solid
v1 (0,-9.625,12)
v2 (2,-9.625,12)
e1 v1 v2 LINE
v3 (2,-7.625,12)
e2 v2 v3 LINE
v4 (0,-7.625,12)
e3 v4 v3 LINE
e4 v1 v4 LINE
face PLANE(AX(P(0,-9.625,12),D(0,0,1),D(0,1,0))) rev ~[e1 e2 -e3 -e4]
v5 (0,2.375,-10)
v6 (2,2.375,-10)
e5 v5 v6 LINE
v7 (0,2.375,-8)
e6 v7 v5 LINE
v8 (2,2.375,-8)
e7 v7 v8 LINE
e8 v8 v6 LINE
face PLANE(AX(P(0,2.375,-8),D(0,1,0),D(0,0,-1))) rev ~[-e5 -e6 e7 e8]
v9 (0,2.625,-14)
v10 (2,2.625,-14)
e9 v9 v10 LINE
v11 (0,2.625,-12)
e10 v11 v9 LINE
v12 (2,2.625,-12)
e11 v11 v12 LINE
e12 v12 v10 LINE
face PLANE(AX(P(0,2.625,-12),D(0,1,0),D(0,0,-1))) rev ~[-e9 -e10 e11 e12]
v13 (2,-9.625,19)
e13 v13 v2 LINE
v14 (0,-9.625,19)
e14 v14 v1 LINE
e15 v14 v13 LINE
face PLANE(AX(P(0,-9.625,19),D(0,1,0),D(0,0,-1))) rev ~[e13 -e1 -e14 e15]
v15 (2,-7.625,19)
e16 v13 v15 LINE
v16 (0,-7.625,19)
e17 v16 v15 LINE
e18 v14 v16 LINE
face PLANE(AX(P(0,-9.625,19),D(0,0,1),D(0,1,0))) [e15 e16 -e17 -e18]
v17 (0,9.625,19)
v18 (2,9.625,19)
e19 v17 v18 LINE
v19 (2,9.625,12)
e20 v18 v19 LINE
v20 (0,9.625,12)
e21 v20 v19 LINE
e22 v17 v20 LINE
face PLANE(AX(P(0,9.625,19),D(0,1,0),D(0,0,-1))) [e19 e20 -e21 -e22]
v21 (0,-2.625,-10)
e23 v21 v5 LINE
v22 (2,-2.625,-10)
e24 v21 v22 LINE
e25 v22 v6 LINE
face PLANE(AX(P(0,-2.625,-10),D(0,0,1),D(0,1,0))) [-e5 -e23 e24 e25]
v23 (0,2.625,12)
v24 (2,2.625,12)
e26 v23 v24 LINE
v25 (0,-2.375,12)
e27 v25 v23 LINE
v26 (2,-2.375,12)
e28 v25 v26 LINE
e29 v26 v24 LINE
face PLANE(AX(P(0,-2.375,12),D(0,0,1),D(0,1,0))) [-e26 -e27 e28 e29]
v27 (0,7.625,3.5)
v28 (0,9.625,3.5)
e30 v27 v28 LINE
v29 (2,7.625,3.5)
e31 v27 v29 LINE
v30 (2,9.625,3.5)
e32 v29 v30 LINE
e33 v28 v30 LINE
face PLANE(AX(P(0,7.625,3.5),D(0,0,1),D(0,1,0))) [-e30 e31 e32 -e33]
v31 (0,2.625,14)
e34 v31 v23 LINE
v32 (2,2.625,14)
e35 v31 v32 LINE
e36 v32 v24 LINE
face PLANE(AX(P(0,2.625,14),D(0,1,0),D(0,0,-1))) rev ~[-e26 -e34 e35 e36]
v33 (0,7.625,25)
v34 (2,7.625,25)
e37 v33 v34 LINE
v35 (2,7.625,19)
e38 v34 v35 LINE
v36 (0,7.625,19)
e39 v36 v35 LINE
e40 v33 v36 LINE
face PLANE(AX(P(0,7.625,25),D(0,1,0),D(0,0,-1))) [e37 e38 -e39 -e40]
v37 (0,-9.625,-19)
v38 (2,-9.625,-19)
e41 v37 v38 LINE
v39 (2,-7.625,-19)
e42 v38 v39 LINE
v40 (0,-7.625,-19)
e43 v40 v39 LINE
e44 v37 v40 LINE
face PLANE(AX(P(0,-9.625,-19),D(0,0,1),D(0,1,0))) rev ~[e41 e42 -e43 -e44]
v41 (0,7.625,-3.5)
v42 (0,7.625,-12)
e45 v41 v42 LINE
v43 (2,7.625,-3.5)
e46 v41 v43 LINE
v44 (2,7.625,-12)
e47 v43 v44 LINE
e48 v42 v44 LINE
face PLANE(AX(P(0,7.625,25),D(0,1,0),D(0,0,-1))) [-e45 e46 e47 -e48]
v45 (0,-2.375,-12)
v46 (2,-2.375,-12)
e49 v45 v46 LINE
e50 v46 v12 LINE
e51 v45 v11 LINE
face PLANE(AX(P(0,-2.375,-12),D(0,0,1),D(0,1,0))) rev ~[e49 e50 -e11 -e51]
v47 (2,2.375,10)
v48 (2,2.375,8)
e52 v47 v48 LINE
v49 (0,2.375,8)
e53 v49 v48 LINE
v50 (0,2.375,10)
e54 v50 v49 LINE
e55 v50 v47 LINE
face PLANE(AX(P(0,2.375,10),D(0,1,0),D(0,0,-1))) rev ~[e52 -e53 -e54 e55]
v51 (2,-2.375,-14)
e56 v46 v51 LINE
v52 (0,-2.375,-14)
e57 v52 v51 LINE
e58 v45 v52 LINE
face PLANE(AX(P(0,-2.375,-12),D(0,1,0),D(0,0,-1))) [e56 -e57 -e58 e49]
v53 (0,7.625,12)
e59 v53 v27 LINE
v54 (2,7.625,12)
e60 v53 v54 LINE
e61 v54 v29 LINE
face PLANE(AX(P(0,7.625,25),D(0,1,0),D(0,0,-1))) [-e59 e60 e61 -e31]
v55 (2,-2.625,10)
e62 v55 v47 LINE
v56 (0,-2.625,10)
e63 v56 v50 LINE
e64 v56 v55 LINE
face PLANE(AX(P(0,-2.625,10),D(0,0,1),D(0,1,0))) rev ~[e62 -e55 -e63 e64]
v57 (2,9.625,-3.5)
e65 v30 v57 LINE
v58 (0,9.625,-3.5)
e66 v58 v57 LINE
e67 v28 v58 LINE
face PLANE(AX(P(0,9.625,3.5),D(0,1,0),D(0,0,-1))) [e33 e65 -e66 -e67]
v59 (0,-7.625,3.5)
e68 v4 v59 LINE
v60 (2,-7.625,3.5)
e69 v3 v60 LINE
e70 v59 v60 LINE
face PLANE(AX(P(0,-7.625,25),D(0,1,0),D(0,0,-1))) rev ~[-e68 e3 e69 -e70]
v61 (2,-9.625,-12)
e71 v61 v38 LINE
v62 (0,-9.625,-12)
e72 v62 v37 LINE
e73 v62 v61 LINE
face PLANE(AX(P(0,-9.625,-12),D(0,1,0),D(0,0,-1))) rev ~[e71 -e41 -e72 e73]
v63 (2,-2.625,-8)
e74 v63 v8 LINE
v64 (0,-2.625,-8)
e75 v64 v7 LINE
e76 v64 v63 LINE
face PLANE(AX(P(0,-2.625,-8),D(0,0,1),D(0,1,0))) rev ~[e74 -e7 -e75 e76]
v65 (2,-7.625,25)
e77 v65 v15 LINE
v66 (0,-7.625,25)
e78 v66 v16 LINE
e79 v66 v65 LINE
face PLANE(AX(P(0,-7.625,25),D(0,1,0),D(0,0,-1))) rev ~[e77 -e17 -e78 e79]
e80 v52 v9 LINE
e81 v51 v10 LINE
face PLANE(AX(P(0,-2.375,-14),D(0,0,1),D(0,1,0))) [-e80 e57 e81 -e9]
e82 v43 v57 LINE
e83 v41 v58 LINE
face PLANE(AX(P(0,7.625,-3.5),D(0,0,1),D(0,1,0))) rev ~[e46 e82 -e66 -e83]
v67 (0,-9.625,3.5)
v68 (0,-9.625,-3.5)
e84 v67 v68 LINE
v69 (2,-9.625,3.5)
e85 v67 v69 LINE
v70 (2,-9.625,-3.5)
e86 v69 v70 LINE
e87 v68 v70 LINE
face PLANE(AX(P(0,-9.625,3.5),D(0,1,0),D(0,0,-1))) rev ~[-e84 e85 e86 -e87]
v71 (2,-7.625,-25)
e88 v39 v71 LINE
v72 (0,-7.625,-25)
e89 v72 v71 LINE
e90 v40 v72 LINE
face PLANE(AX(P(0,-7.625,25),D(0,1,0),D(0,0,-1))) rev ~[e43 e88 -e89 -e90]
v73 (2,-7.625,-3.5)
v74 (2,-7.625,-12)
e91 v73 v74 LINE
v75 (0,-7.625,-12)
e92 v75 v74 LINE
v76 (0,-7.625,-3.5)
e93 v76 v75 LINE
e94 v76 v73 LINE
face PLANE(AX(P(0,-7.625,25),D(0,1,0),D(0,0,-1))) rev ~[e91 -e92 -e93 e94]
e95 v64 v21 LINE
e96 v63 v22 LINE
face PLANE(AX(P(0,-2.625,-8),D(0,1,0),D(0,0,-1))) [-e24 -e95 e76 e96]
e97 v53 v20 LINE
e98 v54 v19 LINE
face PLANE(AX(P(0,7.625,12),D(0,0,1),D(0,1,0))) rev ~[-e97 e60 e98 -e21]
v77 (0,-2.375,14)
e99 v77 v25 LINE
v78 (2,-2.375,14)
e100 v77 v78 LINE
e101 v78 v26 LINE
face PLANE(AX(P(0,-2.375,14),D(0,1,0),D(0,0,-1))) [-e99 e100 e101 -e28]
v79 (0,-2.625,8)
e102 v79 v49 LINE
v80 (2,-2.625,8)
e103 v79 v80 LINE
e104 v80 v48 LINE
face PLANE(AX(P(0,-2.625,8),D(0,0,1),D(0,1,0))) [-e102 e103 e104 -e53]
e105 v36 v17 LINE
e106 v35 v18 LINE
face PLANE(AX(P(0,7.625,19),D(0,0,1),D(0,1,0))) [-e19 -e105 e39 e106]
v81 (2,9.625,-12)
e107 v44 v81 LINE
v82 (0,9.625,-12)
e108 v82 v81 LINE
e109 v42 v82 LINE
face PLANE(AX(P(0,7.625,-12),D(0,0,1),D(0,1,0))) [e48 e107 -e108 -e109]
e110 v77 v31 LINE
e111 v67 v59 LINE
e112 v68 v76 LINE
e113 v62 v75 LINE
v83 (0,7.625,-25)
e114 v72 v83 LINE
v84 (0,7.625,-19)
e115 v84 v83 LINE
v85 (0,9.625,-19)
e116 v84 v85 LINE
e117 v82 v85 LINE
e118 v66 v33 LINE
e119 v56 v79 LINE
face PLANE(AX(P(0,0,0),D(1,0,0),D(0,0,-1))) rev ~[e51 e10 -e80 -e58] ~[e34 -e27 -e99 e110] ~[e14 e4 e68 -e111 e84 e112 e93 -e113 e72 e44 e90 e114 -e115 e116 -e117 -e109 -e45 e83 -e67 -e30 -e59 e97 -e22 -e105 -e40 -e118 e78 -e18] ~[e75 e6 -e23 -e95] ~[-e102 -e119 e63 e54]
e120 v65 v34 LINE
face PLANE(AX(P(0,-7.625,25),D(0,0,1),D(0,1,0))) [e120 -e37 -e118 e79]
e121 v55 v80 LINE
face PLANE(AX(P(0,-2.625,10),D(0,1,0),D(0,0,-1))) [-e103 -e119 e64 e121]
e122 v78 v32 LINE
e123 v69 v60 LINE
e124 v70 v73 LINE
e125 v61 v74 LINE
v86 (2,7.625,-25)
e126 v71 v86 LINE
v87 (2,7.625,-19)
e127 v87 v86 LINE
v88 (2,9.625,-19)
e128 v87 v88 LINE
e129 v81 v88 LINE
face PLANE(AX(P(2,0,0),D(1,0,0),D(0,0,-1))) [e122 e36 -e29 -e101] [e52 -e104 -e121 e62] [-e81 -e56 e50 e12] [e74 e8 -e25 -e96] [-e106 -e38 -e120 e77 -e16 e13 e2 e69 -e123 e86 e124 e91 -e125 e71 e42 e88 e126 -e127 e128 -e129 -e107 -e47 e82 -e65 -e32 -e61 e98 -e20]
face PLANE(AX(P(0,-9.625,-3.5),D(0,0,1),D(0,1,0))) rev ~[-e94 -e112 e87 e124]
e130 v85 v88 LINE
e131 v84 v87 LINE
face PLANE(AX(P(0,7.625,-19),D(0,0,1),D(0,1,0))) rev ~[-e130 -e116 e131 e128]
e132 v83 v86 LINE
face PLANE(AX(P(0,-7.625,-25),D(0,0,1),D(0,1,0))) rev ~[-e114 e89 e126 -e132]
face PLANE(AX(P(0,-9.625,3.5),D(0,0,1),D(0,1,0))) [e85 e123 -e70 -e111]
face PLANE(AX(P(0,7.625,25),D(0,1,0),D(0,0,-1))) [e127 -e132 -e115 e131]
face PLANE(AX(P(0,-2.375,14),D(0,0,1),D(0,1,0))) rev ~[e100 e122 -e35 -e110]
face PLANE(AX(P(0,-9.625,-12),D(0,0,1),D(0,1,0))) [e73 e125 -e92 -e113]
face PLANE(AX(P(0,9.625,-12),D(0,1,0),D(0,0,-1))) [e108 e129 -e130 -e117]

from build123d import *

# Parameters (mm, degrees)
SKETCH1_W           = 50
SKETCH1_H           = 15.25
SKETCH1_W_2         = 2
SKETCH1_H_2         = 5
SKETCH1_W_3         = 7
SKETCH1_H_3         = 2
BOSS_EXTRUDE1_DEPTH = 2


with BuildPart() as part:
    # Sketch1 → Boss-Extrude1 (new body)
    # profile 1 of 7: a face of its own
    with BuildSketch(Plane(origin=(0, 0, 0), x_dir=(0, 0, -1), z_dir=(1, 0, 0))):
        Rectangle(SKETCH1_W, SKETCH1_H)
        with Locations((-9, -0.125)):
            Rectangle(SKETCH1_W_2, SKETCH1_H_2, mode=Mode.SUBTRACT)
        with Locations((9, -0.125)):
            Rectangle(SKETCH1_W_2, SKETCH1_H_2, mode=Mode.SUBTRACT)
        with Locations((-13, 0.125)):
            Rectangle(SKETCH1_W_2, SKETCH1_H_2, mode=Mode.SUBTRACT)
        with Locations((13, 0.125)):
            Rectangle(SKETCH1_W_2, SKETCH1_H_2, mode=Mode.SUBTRACT)
    # profile 2 of 7: a face of its own
    with BuildSketch(Plane(origin=(0, 0, 0), x_dir=(0, 0, -1), z_dir=(1, 0, 0))):
        with Locations((-15.5, -8.625)):
            Rectangle(SKETCH1_W_3, SKETCH1_H_3)
    # profile 3 of 7: a face of its own
    with BuildSketch(Plane(origin=(0, 0, 0), x_dir=(0, 0, -1), z_dir=(1, 0, 0))):
        with Locations((0, -8.625)):
            Rectangle(SKETCH1_W_3, SKETCH1_H_3)
    # profile 4 of 7: a face of its own
    with BuildSketch(Plane(origin=(0, 0, 0), x_dir=(0, 0, -1), z_dir=(1, 0, 0))):
        with Locations((15.5, -8.625)):
            Rectangle(SKETCH1_W_3, SKETCH1_H_3)
    # profile 5 of 7: a face of its own
    with BuildSketch(Plane(origin=(0, 0, 0), x_dir=(0, 0, -1), z_dir=(1, 0, 0))):
        with Locations((-15.5, 8.625)):
            Rectangle(SKETCH1_W_3, SKETCH1_H_3)
    # profile 6 of 7: a face of its own
    with BuildSketch(Plane(origin=(0, 0, 0), x_dir=(0, 0, -1), z_dir=(1, 0, 0))):
        with Locations((0, 8.625)):
            Rectangle(SKETCH1_W_3, SKETCH1_H_3)
    # profile 7 of 7: a face of its own
    with BuildSketch(Plane(origin=(0, 0, 0), x_dir=(0, 0, -1), z_dir=(1, 0, 0))):
        with Locations((15.5, 8.625)):
            Rectangle(SKETCH1_W_3, SKETCH1_H_3)
    extrude(amount=BOSS_EXTRUDE1_DEPTH)


solid = part.part
